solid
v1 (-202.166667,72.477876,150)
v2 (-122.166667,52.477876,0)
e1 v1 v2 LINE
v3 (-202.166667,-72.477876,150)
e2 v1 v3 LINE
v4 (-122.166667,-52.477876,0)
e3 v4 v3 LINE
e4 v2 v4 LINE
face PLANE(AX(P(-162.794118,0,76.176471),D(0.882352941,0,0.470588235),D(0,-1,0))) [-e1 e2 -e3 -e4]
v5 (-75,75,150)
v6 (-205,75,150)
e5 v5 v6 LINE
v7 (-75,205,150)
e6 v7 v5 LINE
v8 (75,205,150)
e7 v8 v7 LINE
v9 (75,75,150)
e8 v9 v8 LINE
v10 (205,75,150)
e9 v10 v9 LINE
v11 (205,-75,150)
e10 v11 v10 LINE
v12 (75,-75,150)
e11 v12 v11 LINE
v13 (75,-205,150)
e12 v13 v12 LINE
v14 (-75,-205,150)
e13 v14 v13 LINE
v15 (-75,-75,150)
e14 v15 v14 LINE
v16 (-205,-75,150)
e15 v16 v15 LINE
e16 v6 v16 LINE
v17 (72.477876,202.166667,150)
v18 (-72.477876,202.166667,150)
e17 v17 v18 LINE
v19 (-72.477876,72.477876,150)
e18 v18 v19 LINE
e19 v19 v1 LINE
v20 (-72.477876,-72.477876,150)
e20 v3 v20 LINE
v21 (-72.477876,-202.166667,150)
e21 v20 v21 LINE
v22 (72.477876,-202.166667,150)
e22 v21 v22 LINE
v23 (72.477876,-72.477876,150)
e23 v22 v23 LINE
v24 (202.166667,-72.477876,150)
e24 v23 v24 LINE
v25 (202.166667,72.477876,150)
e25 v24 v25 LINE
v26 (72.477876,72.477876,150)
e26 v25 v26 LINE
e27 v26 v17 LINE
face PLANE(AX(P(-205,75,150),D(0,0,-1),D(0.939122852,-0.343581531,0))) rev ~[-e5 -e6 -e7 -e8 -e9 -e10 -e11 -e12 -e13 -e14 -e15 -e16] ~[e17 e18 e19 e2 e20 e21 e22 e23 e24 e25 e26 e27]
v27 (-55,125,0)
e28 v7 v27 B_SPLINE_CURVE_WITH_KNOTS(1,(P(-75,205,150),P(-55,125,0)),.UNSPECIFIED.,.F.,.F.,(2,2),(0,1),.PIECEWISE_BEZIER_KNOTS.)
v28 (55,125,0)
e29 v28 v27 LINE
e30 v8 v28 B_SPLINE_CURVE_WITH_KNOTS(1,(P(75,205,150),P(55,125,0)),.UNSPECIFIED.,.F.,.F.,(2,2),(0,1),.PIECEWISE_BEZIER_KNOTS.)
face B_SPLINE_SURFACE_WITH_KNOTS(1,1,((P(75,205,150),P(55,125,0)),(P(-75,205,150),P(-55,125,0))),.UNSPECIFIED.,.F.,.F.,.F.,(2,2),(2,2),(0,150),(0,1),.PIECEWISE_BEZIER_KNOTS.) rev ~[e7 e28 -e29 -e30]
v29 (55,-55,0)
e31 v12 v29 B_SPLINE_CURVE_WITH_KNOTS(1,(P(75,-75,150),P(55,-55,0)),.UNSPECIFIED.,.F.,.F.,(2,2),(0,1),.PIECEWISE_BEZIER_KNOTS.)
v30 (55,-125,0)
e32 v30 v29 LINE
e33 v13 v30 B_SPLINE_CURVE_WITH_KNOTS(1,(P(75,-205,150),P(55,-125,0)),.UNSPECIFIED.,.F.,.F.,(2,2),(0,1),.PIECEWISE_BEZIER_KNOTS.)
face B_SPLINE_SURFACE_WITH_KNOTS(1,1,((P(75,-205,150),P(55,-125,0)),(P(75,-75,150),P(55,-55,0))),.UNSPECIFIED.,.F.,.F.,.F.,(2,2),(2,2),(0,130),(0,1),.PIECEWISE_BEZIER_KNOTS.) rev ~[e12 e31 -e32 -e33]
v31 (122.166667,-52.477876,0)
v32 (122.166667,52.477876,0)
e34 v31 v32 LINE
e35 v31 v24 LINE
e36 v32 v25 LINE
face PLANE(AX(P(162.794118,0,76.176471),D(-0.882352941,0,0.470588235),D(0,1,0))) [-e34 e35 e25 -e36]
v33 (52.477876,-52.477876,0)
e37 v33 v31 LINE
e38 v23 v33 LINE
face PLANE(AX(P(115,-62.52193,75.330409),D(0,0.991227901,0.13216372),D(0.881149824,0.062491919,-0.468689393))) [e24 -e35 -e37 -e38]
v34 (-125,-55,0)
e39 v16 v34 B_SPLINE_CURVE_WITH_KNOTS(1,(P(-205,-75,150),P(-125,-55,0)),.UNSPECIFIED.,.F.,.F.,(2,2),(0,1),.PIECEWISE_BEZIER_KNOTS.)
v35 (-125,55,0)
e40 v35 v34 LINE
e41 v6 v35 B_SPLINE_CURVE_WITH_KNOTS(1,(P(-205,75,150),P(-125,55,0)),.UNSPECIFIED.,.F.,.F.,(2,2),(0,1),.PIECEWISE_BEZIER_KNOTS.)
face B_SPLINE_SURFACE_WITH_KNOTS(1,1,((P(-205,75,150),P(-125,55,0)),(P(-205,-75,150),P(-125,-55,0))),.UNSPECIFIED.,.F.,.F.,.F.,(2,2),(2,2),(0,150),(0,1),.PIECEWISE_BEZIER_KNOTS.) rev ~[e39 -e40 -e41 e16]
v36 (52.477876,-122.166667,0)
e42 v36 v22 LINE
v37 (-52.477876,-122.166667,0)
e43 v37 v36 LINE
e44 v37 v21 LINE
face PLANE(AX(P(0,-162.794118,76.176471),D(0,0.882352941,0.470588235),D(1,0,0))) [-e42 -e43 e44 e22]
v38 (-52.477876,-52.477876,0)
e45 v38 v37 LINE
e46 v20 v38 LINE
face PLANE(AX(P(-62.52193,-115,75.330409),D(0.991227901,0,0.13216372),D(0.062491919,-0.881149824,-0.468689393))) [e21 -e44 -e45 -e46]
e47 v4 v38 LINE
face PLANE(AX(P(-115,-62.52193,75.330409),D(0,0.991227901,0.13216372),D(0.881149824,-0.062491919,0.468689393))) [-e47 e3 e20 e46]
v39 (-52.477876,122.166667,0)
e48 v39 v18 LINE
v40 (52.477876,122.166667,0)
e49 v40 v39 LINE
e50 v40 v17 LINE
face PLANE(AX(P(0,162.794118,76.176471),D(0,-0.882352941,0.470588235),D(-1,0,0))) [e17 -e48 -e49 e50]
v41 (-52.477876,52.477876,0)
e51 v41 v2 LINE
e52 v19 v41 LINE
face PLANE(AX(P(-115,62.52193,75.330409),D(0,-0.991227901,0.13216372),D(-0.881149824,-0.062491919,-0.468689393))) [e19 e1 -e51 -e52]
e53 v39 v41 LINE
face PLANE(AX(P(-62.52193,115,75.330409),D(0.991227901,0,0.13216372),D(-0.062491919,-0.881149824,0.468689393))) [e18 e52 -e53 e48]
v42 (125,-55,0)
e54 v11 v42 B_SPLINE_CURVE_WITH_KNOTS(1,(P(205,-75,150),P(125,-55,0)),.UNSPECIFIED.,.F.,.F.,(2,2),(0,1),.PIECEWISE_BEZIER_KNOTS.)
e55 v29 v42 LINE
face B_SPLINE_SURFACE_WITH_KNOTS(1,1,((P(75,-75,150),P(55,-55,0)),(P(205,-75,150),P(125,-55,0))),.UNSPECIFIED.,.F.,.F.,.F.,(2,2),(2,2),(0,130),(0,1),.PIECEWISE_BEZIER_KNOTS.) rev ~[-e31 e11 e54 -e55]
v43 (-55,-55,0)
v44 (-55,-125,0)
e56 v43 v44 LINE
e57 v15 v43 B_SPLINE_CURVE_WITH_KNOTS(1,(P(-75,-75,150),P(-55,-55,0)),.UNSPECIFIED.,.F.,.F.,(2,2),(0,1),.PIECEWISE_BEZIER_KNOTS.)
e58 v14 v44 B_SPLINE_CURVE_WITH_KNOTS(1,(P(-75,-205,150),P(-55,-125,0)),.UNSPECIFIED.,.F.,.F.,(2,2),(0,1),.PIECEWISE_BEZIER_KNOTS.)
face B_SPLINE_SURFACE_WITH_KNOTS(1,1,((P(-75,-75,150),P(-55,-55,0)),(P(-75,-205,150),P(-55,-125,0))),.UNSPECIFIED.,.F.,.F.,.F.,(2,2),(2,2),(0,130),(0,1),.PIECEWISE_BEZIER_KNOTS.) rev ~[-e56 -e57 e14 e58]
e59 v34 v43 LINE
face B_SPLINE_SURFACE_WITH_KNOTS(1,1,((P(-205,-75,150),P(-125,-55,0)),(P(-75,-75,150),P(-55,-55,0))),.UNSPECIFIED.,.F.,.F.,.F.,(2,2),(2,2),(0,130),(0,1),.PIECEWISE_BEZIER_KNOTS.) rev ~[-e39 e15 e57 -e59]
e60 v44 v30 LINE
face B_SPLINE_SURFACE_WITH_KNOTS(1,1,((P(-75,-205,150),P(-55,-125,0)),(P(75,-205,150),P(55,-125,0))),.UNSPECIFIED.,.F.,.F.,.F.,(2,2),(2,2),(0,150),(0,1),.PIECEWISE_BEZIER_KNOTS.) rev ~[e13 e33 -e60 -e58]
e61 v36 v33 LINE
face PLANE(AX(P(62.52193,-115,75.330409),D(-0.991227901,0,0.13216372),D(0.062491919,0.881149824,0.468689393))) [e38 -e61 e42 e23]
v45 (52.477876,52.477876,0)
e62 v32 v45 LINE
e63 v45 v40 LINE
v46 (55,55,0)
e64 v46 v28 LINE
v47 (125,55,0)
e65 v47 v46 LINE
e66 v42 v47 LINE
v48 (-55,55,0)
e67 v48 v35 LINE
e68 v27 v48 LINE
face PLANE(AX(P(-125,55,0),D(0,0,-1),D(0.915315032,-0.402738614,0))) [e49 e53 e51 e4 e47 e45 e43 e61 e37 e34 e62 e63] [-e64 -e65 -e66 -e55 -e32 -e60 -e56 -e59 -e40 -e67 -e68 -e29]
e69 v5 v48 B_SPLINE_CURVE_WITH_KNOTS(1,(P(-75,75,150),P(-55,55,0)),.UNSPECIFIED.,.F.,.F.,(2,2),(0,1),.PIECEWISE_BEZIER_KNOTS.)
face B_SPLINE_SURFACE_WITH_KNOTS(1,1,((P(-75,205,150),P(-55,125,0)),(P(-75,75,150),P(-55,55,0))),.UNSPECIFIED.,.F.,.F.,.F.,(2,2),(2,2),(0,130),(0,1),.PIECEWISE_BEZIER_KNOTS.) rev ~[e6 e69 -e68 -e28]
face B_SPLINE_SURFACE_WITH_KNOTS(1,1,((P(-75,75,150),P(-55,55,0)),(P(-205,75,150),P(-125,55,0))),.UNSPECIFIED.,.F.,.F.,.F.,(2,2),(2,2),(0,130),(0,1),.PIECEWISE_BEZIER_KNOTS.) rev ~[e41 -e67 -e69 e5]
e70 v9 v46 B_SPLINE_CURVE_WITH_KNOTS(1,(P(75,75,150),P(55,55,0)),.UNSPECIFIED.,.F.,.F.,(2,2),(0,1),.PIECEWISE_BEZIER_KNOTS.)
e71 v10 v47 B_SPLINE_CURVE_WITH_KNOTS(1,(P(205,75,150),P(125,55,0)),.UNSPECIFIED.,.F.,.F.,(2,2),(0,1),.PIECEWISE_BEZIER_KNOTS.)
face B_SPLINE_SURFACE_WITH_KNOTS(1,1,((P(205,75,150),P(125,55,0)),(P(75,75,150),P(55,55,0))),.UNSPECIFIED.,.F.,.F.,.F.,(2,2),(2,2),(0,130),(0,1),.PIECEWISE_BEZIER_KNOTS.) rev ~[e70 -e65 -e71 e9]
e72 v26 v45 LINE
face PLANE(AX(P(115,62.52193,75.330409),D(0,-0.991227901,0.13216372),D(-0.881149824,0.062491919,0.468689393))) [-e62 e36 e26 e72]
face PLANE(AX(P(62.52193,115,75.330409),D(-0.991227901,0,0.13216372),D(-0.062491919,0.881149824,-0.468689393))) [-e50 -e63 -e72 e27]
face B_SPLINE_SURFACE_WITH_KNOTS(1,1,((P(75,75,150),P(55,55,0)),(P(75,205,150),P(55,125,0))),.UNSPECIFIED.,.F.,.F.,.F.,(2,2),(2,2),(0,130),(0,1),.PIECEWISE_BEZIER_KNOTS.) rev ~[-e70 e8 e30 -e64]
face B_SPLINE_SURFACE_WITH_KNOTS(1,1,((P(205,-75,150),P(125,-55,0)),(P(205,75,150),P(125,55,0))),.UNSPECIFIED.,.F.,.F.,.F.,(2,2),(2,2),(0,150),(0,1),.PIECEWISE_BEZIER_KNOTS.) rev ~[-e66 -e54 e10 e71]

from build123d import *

# Parameters (mm, degrees)
F4_T = -2.5


with BuildPart() as f3:
    # F2 (on offset) → F3 section 0
    with BuildSketch(Plane.XY.offset(150)):
        Polygon((-205, 75), (-205, -75), (-75, -75), (-75, -205), (75, -205), (75, -75), (205, -75), (205, 75), (75, 75), (75, 205), (-75, 205), (-75, 75), align=None)
    # F0 (on Top) → F3 section 1
    with BuildSketch(Plane.XY):
        Polygon((55, 125), (-55, 125), (-55, 55), (-125, 55), (-125, -55), (-55, -55), (-55, -125), (55, -125), (55, -55), (125, -55), (125, 55), (55, 55), align=None)
    loft()

    # F4
    f4_openings = [f3.faces().sort_by_distance(p)[0] for p in [
        (0, 0, 150),
        (0, 0, 0),
    ]]
    offset(amount=F4_T, openings=f4_openings, kind=Kind.INTERSECTION)


solid = f3.part
